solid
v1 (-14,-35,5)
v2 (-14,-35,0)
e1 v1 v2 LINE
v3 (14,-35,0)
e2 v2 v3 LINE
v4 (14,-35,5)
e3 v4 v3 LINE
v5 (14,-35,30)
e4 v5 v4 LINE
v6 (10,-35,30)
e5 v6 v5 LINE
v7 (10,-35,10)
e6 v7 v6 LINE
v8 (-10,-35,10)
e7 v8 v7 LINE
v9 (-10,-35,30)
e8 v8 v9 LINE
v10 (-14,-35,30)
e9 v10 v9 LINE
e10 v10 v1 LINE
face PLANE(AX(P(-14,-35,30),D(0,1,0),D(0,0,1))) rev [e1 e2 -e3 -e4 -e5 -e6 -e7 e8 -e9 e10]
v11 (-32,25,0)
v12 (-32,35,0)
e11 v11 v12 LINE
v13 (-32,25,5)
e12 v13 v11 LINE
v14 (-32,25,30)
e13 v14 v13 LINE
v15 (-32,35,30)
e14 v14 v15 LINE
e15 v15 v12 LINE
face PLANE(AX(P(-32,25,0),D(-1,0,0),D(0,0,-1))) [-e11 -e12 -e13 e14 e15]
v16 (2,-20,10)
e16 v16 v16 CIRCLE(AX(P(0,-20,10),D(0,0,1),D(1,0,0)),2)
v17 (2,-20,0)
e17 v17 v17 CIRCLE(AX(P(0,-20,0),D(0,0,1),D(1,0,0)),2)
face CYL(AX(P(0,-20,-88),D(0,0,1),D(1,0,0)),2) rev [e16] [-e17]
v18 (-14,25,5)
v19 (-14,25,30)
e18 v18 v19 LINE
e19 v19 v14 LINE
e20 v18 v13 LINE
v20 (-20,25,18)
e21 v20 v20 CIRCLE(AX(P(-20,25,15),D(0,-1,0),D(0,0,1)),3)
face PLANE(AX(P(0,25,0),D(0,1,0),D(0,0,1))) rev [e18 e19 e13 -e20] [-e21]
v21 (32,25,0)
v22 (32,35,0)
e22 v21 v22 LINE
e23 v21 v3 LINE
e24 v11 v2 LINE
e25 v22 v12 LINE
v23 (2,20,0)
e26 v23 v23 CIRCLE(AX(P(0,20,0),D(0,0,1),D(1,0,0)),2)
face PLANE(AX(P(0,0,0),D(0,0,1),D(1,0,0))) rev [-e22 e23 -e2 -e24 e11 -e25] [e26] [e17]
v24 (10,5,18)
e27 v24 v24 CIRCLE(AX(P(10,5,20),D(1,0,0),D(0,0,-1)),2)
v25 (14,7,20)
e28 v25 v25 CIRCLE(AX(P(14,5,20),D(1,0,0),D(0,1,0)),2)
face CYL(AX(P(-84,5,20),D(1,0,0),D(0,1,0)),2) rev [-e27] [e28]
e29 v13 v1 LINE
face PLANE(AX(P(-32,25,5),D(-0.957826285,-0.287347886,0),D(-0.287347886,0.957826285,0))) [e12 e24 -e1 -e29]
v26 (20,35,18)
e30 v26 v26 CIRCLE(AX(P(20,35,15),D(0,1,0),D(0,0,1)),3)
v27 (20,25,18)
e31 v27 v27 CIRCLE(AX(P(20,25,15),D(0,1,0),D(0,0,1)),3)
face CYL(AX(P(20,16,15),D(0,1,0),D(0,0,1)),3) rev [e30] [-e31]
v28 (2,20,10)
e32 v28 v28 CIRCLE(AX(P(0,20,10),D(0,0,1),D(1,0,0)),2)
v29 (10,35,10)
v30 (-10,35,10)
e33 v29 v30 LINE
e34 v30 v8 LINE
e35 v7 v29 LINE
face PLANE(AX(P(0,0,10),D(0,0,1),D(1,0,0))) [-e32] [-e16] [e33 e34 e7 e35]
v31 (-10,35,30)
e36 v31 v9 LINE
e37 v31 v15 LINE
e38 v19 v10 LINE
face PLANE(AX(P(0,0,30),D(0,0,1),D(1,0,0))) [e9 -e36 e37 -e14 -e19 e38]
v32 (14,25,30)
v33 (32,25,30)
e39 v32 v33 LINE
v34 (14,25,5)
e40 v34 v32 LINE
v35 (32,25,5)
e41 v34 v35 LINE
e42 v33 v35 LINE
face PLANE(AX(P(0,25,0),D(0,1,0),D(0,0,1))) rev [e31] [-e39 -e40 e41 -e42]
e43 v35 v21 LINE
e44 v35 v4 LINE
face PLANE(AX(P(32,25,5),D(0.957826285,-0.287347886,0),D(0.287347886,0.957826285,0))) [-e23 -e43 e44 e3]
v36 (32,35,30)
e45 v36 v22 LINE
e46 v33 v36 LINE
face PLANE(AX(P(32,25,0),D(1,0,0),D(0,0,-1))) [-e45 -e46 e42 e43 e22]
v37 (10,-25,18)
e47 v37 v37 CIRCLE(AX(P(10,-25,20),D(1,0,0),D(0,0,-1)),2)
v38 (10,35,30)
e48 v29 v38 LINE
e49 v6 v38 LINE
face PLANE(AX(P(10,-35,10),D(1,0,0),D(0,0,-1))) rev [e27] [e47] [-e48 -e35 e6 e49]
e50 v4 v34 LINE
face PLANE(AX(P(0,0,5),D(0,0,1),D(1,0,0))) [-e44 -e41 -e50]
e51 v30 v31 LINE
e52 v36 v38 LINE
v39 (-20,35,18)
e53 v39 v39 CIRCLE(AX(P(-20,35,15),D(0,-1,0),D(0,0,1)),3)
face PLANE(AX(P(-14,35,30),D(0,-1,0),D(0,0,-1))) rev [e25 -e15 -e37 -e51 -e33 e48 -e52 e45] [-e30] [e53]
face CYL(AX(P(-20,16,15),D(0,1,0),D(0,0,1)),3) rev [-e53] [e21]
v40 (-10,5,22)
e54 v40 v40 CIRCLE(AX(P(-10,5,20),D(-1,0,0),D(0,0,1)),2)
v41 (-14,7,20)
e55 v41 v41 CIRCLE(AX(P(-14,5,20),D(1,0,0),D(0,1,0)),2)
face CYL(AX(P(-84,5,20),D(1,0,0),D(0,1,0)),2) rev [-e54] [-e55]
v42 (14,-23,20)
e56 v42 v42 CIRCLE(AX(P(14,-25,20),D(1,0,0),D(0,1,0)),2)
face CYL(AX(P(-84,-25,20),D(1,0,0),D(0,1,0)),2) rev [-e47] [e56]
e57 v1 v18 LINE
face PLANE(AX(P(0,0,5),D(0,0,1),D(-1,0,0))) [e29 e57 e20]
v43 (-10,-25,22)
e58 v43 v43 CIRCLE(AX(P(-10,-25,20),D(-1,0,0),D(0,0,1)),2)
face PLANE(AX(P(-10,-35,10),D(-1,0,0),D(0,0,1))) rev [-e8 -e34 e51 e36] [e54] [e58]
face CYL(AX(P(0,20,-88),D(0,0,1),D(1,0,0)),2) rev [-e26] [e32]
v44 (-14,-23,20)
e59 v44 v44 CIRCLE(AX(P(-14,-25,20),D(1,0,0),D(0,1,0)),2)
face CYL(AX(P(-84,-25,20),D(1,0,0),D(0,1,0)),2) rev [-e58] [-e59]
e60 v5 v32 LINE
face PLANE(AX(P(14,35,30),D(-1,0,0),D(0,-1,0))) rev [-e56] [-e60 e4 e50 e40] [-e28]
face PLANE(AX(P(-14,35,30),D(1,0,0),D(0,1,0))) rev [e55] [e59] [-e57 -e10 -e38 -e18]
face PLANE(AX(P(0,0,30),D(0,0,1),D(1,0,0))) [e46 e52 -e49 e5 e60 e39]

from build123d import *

# Parameters (mm, degrees)
SKETCH_1_W          = 28
SKETCH_1_H          = 70
EXTRUDE_1_DEPTH     = 30
SKETCH_2_W          = 20
SKETCH_2_H          = 70
CUT_EXTRUDE_1_DEPTH = 20
SKETCH_4_W          = 18
SKETCH_4_H          = 30
EXTRUDE_2_DEPTH     = 10
SKETCH_5_R          = 3
CUT_EXTRUDE_2_DEPTH = 19
EXTRUDE_3_DEPTH     = 5
SKETCH_8_R          = 2
CUT_EXTRUDE_3_DEPTH = 98
SKETCH_9_R          = 2
CUT_EXTRUDE_4_DEPTH = 98


with BuildPart() as part:
    # 草图1 → 凸台-拉伸1 (new body)
    with BuildSketch(Plane.XY):
        Rectangle(SKETCH_1_W, SKETCH_1_H)
    extrude(amount=EXTRUDE_1_DEPTH)

    # 草图2 → 切除-拉伸1 (cut)
    with BuildSketch(Plane.XY.offset(30)):
        Rectangle(SKETCH_2_W, SKETCH_2_H)
    extrude(amount=-CUT_EXTRUDE_1_DEPTH, mode=Mode.SUBTRACT)

    # 草图4 → 凸台-拉伸2 (add)
    with BuildSketch(Plane(origin=(0, 35, 0), x_dir=(1, 0, 0), z_dir=(0, 1, 0))):
        with Locations((23, -15)):
            Rectangle(SKETCH_4_W, SKETCH_4_H)
    extrude(amount=-EXTRUDE_2_DEPTH)

    # 草图5 → 切除-拉伸2 (cut)
    with BuildSketch(Plane(origin=(0, 35, 0), x_dir=(1, 0, 0), z_dir=(0, 1, 0))):
        with Locations(Location((20, -15, 0), (0, 0, 270))):
            Circle(SKETCH_5_R)
    extrude(amount=-CUT_EXTRUDE_2_DEPTH, mode=Mode.SUBTRACT)

    # 草图7 → 凸台-拉伸3 (add)
    with BuildSketch(Plane(origin=(0, 0, 0), x_dir=(-1, 0, 0), z_dir=(0, 0, -1))):
        Polygon((-32, 25), (-14, -35), (-14, 25), align=None)
    extrude(amount=-EXTRUDE_3_DEPTH)

    # 镜向1: part across plane


with BuildPart() as part_1:
    add(part.part)
    add(part.part.mirror(Plane(origin=(0, 0, 0), x_dir=(0, 0, 1), z_dir=(1, 0, 0))))

    # 草图8 → 切除-拉伸3 (cut)
    with BuildSketch(Plane(origin=(14, 0, 0), x_dir=(0, 0, -1), z_dir=(1, 0, 0))):
        with Locations(Location((-20, -25, 0), (0, 0, 90))):
            Circle(SKETCH_8_R)
        with Locations(Location((-20, 5, 0), (0, 0, 90))):
            Circle(SKETCH_8_R)
    extrude(amount=-CUT_EXTRUDE_3_DEPTH, mode=Mode.SUBTRACT)

    # 草图9 → 切除-拉伸4 (cut)
    with BuildSketch(Plane.XY.offset(10)):
        with Locations((0, -20)):
            Circle(SKETCH_9_R)
        with Locations((0, 20)):
            Circle(SKETCH_9_R)
    extrude(amount=-CUT_EXTRUDE_4_DEPTH, mode=Mode.SUBTRACT)


solid = part_1.part
